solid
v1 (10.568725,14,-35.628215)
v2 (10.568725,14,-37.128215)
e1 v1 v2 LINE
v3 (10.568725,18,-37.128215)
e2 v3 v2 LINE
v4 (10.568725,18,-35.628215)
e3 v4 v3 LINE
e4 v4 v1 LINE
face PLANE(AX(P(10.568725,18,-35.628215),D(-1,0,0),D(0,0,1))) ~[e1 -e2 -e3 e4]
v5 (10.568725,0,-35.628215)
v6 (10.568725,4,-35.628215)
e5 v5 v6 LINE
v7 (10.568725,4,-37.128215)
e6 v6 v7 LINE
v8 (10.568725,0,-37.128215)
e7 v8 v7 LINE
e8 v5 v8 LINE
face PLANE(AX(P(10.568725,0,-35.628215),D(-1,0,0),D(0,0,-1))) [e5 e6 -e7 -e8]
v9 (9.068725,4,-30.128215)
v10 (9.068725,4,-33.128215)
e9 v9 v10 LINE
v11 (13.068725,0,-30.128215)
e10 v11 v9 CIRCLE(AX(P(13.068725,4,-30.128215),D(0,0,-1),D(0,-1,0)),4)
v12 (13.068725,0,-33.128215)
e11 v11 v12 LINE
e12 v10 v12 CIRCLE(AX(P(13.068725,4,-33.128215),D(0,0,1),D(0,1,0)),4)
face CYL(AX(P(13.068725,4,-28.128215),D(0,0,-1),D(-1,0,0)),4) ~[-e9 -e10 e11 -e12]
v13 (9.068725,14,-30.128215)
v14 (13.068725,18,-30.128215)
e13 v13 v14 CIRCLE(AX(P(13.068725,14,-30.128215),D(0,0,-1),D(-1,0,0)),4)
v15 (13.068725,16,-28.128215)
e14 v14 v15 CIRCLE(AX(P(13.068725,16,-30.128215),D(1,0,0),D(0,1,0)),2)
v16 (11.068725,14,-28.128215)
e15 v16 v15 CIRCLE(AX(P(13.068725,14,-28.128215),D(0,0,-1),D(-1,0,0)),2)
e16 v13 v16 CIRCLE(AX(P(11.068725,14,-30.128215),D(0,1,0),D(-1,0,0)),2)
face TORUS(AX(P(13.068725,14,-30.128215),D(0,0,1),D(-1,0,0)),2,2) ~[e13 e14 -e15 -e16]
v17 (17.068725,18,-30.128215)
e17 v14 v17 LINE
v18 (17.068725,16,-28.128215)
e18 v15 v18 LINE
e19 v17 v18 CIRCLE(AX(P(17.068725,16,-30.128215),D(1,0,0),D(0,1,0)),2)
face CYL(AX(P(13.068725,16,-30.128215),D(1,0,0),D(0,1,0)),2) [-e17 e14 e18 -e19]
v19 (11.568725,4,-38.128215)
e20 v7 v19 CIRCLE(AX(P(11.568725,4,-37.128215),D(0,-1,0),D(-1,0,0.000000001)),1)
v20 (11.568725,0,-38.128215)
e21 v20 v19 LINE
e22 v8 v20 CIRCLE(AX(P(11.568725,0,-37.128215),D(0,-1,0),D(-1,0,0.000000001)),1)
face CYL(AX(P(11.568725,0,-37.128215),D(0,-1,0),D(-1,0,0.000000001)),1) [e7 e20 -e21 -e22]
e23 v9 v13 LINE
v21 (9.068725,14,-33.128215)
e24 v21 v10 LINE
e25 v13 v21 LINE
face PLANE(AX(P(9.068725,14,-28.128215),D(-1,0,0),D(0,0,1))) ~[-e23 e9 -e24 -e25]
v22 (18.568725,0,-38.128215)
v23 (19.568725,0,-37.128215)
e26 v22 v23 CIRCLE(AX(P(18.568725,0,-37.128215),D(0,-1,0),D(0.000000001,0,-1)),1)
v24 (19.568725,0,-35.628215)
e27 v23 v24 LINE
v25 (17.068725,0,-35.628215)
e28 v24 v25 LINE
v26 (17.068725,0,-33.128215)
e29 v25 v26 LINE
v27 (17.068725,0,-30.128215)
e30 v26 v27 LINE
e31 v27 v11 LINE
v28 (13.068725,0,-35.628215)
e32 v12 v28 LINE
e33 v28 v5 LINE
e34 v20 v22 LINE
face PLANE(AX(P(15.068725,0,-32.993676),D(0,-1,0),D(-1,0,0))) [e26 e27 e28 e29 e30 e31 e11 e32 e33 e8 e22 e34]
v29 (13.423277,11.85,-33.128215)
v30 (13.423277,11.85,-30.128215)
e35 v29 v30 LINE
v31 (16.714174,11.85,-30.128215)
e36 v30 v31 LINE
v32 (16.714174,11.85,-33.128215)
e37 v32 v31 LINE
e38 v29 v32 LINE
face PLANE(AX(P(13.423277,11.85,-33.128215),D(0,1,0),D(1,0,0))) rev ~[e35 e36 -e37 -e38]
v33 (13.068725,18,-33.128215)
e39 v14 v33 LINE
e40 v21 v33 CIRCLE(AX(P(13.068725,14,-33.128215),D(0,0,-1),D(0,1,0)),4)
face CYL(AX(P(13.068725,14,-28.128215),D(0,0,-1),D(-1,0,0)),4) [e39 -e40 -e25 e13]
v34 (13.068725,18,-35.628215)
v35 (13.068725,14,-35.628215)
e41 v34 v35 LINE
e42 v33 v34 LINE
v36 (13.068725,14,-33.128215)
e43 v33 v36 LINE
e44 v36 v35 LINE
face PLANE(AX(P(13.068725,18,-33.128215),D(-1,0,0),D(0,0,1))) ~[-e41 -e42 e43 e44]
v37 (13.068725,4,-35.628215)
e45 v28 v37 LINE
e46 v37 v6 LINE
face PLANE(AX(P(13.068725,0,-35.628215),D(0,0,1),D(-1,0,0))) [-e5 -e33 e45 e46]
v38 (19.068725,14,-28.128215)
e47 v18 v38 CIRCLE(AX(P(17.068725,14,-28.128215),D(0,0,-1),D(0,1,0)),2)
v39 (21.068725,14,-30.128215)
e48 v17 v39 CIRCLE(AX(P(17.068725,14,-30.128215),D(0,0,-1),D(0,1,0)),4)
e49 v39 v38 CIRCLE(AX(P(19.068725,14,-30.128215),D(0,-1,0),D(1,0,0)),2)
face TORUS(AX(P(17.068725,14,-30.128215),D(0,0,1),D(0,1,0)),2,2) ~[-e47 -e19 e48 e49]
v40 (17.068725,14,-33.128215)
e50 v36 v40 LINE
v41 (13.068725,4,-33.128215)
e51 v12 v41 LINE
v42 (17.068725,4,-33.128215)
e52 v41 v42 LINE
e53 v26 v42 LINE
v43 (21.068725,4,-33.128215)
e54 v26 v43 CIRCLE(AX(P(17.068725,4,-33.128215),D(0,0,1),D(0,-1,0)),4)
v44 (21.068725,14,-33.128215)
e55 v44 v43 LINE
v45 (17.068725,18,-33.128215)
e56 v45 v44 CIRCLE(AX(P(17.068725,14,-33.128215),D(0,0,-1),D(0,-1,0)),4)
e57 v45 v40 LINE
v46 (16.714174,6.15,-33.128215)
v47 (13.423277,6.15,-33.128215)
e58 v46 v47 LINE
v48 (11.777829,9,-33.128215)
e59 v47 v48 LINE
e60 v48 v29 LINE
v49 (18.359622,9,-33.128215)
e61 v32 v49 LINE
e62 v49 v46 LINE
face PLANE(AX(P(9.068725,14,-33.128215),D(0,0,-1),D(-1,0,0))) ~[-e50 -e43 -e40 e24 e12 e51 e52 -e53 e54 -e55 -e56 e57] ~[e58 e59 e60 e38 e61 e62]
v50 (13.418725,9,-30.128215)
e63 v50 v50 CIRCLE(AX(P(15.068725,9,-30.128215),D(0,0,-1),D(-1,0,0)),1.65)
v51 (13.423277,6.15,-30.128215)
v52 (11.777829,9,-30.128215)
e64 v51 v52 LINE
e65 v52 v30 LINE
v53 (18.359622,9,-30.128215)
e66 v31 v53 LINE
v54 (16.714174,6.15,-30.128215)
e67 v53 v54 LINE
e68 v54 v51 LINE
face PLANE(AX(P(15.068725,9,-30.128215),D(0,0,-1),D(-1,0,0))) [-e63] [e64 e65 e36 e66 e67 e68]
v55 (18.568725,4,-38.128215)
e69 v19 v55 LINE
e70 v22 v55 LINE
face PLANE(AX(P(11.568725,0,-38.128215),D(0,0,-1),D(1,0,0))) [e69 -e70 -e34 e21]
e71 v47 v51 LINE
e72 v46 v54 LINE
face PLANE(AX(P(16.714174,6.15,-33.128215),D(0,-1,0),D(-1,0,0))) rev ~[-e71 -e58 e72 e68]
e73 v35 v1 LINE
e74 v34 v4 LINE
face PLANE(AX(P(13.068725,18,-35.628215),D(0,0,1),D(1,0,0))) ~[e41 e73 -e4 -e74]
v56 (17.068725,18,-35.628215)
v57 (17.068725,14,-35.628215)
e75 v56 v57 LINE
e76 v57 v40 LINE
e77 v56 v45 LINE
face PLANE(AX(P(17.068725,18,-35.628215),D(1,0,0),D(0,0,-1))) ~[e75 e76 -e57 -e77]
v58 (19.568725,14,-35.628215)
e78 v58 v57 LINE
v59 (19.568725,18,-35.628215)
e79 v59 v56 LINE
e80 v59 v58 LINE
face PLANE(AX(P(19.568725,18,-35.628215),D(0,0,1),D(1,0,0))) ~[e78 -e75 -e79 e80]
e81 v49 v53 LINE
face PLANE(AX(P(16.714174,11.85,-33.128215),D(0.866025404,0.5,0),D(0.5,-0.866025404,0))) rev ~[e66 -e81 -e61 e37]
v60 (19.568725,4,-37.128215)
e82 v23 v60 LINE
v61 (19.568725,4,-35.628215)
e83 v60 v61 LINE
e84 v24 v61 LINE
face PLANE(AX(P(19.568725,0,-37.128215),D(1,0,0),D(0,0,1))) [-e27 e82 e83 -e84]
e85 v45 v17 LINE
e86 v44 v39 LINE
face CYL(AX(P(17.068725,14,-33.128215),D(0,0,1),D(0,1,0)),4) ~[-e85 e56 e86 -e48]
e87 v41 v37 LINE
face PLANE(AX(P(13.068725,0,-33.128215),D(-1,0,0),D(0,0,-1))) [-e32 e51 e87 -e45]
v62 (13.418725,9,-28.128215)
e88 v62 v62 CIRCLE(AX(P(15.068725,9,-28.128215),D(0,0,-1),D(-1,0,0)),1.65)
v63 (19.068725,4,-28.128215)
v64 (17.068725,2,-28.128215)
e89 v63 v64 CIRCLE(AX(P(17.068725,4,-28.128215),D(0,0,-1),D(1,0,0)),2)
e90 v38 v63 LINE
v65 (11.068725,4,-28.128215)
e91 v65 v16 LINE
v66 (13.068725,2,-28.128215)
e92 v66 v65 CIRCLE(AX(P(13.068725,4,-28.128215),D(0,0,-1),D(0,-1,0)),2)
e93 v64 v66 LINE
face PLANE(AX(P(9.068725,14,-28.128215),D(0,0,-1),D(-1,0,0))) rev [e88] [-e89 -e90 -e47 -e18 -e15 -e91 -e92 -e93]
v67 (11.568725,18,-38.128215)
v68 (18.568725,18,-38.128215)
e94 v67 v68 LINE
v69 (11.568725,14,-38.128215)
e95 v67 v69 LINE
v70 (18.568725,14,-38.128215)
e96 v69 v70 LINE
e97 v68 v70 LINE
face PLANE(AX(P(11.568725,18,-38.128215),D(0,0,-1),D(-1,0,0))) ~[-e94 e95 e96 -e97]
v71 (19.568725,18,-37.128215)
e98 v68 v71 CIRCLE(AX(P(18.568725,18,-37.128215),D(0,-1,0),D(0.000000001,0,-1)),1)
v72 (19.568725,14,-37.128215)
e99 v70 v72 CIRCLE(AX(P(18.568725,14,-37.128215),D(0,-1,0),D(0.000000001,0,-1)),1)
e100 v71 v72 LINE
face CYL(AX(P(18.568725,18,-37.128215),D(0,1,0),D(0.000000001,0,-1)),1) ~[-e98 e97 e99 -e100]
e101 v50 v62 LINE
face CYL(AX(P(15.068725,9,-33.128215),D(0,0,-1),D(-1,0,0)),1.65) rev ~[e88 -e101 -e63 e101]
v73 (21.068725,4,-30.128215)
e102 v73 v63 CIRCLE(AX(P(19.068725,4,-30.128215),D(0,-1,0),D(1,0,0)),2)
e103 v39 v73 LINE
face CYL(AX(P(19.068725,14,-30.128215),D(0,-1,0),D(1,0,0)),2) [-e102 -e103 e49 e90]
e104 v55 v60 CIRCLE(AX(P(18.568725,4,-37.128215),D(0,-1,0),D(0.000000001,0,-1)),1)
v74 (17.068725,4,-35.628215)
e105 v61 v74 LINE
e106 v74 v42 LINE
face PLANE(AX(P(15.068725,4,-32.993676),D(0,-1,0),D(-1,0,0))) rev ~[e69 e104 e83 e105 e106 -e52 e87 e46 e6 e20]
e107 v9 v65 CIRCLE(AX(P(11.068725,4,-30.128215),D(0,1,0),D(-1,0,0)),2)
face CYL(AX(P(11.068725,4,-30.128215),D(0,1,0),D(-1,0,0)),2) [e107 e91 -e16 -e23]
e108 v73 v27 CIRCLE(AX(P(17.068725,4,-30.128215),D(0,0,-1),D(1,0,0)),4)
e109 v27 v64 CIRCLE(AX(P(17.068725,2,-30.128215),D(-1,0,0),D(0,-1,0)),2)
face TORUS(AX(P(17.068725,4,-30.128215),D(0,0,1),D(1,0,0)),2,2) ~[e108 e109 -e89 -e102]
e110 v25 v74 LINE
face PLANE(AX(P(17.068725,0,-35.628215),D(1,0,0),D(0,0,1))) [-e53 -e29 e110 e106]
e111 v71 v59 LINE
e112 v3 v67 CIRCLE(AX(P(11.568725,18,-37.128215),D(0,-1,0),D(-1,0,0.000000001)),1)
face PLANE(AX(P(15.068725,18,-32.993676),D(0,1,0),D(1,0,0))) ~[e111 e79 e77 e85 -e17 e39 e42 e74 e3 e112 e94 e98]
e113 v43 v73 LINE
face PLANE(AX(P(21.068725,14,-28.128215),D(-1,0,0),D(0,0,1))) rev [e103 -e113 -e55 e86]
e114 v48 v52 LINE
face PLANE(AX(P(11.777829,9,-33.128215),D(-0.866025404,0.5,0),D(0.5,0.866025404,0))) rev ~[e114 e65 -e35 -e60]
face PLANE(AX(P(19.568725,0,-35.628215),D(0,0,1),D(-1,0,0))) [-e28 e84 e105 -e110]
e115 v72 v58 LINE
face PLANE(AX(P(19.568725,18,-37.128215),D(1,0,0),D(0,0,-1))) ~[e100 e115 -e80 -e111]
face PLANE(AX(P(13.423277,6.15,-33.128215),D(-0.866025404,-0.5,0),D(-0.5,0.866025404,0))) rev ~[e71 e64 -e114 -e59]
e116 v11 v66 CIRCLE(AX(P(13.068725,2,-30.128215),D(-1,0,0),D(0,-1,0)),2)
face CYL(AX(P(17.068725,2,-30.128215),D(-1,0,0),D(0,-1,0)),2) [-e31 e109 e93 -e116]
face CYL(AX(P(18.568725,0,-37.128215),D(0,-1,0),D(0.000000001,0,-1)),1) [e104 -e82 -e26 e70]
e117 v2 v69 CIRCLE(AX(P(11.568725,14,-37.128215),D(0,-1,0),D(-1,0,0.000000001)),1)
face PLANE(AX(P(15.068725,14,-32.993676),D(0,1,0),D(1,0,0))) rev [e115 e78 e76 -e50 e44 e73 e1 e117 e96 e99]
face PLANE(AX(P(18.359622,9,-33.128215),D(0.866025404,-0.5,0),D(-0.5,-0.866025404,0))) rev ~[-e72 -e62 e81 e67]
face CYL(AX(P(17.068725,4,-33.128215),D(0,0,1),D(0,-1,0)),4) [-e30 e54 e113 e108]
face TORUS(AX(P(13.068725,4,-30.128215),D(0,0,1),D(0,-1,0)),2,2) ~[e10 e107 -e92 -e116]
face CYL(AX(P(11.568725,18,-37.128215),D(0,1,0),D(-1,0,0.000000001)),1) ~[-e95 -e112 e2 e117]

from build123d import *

# Parameters (mm, degrees)
BOSS_EXTRU_3_DEPTH      = 4
ESQUISSE3_W             = 12
ESQUISSE3_H             = 5
BOSS_EXTRU_4_DEPTH      = 5
ENL_V_MAT_EXTRU_1_REACH = 7
ESQUISSE4_R             = 1.65
ENL_V_MAT_EXTRU_2_DEPTH = 3
CONG_1_R                = 4
CONG_2_R                = 2


with BuildPart() as part:
    # Esquisse2 → Boss.-Extru.3 (new body)
    with BuildSketch(Plane(origin=(0, 0, 0), x_dir=(1, 0, 0), z_dir=(0, 1, 0))):
        with BuildLine():
            Line((11.568725398, 38.128215269), (18.568725398, 38.128215269))
            ThreePointArc((18.568725398, 38.128215269), (19.275832179, 37.83532205), (19.568725398, 37.128215269))
            Line((19.568725398, 37.128215269), (19.568725398, 35.628215269))
            Line((19.568725398, 35.628215269), (17.068725398, 35.628215269))
            Line((17.068725398, 35.628215269), (17.068725398, 33.128215269))
            Line((17.068725398, 33.128215269), (21.068725398, 33.128215269))
            Line((21.068725398, 33.128215269), (21.068725398, 28.128215269))
            Line((21.068725398, 28.128215269), (9.068725398, 28.128215269))
            Line((9.068725398, 28.128215269), (9.068725398, 33.128215269))
            Line((9.068725398, 33.128215269), (13.068725398, 33.128215269))
            Line((13.068725398, 33.128215269), (13.068725398, 35.628215269))
            Line((13.068725398, 35.628215269), (10.568725398, 35.628215269))
            Line((10.568725398, 35.628215269), (10.568725398, 37.128215269))
            ThreePointArc((10.568725398, 37.128215269), (10.861618616, 37.83532205), (11.568725398, 38.128215269))
        make_face()
    extrude(amount=BOSS_EXTRU_3_DEPTH)

    # Esquisse3 → Boss.-Extru.4 (add)
    with BuildSketch(Plane(origin=(0, 4, 0), x_dir=(1, 0, 0), z_dir=(0, 1, 0))):
        with Locations((15.068725398, 30.628215269)):
            Rectangle(ESQUISSE3_W, ESQUISSE3_H)
    extrude(amount=BOSS_EXTRU_4_DEPTH)

    # Symétrie1: part across plane


with BuildPart() as part_1:
    add(part.part)
    add(part.part.mirror(Plane.ZX.offset(9)))

    # Esquisse4 → Enlèv. mat.-Extru.1 (cut, up to next)
    with BuildSketch(Plane(origin=(0, 0, -33.128215269), x_dir=(-1, 0, 0), z_dir=(0, 0, -1)), mode=Mode.PRIVATE) as enl_v_mat_extru_1_sk1:
        with Locations((-15.068725398, 9)):
            Circle(ESQUISSE4_R)
    enl_v_mat_extru_1_tool1 = extrude(enl_v_mat_extru_1_sk1.sketch, amount=-ENL_V_MAT_EXTRU_1_REACH, mode=Mode.PRIVATE) & part_1.part
    add(enl_v_mat_extru_1_tool1.solids().sort_by_distance((15.068725, 9, -33.128215))[0], mode=Mode.SUBTRACT)

    # Esquisse5 → Enlèv. mat.-Extru.2 (cut)
    with BuildSketch(Plane(origin=(0, 0, -33.128215269), x_dir=(-1, 0, 0), z_dir=(0, 0, -1))):
        Polygon((-13.42327713, 11.85), (-16.714173665, 11.85), (-18.359621932, 9), (-16.714173665, 6.15), (-13.42327713, 6.15), (-11.777828863, 9), align=None)
    extrude(amount=-ENL_V_MAT_EXTRU_2_DEPTH, mode=Mode.SUBTRACT)

    # Congé1
    cong_1_edges = [part_1.edges().sort_by_distance(p)[0] for p in [
        (9.068725398, 0, -30.628215269),
        (9.068725398, 18, -30.628215269),
        (21.068725398, 18, -30.628215269),
        (21.068725398, 0, -30.628215269),
    ]]
    fillet(cong_1_edges, radius=CONG_1_R)

    # Congé2
    cong_2_edges = [part_1.edges().sort_by_distance(p)[0] for p in [
        (9.068725398, 9, -28.128215269),
        (15.068725398, 0, -28.128215269),
        (21.068725398, 9, -28.128215269),
        (15.068725398, 18, -28.128215269),
        (19.897152522, 16.828427125, -28.128215269),
        (19.897152522, 1.171572875, -28.128215269),
        (10.240298273, 16.828427125, -28.128215269),
        (10.240298273, 1.171572875, -28.128215269),
    ]]
    fillet(cong_2_edges, radius=CONG_2_R)


solid = part_1.part
